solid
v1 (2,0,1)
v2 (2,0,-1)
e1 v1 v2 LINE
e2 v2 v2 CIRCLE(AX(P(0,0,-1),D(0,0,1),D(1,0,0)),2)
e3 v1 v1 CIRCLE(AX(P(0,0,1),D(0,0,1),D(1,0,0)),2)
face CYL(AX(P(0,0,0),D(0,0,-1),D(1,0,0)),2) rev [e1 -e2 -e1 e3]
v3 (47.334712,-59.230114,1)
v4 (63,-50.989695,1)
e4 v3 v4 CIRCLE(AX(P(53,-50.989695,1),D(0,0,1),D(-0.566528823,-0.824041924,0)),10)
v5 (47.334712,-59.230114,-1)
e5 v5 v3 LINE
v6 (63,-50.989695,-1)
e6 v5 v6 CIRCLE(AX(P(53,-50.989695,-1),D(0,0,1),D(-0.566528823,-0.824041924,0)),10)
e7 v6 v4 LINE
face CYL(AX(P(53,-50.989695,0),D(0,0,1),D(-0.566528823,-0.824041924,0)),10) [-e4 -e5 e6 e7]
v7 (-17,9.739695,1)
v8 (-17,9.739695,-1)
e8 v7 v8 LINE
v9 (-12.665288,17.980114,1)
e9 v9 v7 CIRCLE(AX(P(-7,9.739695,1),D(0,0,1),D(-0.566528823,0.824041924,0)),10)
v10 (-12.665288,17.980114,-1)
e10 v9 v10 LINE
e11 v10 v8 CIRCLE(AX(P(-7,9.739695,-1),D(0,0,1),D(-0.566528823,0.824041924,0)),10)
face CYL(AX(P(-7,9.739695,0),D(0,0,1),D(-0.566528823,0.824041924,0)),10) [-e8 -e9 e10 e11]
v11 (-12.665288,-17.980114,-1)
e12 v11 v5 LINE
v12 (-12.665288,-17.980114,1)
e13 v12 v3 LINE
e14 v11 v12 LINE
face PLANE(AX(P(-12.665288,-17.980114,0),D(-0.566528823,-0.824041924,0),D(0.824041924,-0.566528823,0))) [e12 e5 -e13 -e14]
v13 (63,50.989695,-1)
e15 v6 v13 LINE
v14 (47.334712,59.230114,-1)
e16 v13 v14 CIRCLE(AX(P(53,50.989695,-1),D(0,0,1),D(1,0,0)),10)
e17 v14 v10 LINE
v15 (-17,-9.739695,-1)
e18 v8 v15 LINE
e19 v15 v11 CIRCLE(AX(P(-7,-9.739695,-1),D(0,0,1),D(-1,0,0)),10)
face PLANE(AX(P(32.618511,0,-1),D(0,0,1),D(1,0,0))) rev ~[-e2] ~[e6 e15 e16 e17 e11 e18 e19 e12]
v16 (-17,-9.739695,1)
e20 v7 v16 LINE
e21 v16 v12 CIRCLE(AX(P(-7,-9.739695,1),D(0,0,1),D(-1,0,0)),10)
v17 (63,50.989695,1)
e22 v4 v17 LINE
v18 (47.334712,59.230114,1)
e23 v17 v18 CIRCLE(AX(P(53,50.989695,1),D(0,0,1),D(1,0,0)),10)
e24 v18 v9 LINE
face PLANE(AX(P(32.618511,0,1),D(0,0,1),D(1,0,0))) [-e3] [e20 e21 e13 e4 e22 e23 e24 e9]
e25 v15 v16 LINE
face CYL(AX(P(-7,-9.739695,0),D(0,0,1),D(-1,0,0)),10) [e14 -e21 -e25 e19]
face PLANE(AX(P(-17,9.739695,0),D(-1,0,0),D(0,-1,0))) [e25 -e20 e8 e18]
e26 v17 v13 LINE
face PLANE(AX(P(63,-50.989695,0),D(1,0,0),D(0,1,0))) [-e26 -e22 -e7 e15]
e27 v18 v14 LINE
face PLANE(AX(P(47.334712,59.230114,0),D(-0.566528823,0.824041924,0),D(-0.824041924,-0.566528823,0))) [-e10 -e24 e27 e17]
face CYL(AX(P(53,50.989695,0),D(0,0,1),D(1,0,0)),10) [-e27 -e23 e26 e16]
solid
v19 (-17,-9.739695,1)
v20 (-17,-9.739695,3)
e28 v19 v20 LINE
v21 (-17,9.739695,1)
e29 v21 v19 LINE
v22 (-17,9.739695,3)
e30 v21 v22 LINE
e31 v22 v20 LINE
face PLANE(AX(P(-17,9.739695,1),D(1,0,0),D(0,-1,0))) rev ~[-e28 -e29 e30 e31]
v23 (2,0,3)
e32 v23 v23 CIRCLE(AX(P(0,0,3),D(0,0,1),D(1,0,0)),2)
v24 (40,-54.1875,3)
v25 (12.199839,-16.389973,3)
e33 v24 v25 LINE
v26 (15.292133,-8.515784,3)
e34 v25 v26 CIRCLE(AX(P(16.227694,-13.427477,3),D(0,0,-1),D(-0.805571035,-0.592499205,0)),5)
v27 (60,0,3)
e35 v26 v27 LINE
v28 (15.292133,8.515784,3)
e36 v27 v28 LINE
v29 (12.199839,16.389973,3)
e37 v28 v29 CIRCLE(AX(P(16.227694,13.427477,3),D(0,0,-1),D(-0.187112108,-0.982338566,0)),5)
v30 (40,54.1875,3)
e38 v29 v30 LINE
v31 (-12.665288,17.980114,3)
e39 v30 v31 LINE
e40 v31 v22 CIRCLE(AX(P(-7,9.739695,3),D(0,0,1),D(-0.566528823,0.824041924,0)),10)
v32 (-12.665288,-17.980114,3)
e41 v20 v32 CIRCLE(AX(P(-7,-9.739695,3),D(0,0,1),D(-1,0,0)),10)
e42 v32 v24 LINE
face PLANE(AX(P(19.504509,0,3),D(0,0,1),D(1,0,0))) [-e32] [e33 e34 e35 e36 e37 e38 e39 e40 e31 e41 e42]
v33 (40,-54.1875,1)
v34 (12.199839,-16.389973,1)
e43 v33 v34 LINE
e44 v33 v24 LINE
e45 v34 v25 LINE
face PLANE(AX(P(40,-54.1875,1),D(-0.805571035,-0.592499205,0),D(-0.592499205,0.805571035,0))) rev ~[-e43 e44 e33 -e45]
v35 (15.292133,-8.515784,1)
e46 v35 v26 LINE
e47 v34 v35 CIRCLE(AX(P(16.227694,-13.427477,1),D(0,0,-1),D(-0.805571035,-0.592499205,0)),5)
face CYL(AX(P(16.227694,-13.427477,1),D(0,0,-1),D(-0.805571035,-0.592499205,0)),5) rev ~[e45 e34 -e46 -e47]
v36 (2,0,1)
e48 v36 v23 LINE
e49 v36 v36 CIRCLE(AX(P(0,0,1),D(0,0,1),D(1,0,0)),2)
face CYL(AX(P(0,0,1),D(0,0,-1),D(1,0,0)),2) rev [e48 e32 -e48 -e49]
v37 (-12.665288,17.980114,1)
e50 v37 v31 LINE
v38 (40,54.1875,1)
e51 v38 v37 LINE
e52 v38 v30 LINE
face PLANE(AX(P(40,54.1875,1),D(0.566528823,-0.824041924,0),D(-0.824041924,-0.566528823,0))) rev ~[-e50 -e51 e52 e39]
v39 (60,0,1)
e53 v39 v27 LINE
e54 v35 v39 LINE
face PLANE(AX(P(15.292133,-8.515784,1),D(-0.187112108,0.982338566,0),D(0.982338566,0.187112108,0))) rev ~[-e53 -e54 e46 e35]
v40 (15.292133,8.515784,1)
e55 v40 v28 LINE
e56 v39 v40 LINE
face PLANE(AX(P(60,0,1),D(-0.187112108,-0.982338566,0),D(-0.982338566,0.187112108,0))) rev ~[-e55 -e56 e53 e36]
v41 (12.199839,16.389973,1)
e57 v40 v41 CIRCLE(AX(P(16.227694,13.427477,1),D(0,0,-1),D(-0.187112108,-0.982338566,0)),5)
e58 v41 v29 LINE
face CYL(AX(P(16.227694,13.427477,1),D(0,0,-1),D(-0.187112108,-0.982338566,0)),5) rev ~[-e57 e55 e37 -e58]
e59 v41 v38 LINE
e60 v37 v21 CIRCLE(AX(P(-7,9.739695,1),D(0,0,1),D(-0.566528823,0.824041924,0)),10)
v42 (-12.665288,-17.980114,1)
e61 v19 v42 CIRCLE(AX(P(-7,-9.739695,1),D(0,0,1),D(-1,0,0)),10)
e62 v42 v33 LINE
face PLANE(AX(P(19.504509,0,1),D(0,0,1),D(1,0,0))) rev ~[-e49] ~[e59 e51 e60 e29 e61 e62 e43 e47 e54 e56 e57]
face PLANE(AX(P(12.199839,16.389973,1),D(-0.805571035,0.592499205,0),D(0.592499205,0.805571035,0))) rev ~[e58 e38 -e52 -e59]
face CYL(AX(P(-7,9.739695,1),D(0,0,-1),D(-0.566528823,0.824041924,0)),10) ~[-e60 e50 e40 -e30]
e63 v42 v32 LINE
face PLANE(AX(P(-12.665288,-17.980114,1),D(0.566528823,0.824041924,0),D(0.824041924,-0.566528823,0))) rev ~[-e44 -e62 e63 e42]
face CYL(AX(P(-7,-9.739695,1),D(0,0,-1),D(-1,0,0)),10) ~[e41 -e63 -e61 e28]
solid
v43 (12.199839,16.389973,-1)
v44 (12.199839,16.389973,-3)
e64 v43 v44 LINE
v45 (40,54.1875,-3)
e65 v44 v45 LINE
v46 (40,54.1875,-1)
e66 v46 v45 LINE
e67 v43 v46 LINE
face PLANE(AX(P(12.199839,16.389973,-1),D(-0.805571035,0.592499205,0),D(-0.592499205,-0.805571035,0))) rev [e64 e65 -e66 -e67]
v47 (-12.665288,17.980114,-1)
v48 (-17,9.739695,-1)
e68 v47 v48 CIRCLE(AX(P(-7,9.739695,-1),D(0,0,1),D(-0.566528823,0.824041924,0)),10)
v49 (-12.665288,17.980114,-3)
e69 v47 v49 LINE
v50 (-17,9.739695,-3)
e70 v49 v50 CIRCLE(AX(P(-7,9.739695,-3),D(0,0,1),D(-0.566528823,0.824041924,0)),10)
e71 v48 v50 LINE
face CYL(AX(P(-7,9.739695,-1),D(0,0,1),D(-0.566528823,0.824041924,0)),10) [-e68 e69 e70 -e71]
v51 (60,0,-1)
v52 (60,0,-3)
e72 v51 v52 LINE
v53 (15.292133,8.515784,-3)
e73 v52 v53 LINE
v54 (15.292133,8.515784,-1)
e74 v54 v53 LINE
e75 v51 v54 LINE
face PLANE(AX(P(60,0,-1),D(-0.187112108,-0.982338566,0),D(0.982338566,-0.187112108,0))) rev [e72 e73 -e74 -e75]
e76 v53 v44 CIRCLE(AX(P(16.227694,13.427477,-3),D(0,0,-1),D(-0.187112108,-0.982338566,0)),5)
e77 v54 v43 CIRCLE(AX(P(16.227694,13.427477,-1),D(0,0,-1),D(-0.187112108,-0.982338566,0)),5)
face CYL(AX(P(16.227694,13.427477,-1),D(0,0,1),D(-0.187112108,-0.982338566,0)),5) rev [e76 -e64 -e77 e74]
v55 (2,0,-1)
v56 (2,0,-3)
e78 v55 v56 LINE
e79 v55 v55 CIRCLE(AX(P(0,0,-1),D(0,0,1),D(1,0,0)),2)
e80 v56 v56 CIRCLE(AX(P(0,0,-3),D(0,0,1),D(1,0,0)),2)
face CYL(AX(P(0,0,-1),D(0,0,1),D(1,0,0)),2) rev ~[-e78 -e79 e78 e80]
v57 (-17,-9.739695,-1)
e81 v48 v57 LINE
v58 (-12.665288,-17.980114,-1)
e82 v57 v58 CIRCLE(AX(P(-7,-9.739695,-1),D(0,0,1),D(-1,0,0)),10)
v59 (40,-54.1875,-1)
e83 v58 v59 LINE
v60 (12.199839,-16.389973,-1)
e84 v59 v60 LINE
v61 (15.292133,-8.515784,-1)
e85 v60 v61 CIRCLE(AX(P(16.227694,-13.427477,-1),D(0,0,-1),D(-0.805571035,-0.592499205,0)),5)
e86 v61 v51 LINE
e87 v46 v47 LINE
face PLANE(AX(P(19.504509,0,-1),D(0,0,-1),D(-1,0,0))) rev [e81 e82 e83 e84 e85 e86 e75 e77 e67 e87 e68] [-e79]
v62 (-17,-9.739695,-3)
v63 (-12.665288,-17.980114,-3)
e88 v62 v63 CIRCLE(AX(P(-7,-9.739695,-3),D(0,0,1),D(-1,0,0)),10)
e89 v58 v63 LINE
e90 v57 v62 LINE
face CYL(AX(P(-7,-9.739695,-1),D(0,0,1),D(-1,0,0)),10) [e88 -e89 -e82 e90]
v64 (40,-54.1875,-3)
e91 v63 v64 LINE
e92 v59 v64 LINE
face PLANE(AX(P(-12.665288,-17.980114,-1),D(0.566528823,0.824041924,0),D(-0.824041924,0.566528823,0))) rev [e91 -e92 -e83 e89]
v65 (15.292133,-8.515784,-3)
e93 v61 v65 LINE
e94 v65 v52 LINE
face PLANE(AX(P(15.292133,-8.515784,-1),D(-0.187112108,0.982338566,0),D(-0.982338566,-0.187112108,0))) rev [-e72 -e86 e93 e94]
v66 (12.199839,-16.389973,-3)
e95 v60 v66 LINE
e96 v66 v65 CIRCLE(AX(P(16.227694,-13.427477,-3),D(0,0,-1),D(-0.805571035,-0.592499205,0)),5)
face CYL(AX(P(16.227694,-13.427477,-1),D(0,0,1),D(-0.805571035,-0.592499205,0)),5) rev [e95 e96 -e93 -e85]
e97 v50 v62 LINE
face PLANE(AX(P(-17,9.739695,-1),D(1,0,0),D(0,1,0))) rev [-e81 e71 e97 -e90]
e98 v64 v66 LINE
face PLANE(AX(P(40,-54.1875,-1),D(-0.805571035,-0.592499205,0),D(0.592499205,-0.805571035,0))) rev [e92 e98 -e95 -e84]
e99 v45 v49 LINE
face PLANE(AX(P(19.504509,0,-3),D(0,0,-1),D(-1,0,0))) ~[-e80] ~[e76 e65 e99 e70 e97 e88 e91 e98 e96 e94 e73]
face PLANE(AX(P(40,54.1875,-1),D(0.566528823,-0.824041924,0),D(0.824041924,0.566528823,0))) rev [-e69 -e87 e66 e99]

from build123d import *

# Parameters (mm, degrees)
SKETCH1_R           = 2
BOSS_EXTRUDE1_DEPTH = 1
SKETCH2_R           = 2
BOSS_EXTRUDE2_DEPTH = 2


with BuildPart() as part:
    # Sketch1 → Boss-Extrude1 (new body, symmetric)
    with BuildSketch(Plane.XY):
        with BuildLine():
            Line((-17, 9.739695101), (-17, -9.739695101))
            ThreePointArc((-17, -9.739695101), (-15.850222661, -14.395182063), (-12.665288229, -17.980114343))
            Line((-12.665288229, -17.980114343), (47.334711771, -59.230114343))
            ThreePointArc((47.334711771, -59.230114343), (57.655486962, -59.839917761), (63, -50.989695101))
            Line((63, -50.989695101), (63, 50.989695101))
            ThreePointArc((63, 50.989695101), (57.655486962, 59.839917761), (47.334711771, 59.230114343))
            Line((47.334711771, 59.230114343), (-12.665288229, 17.980114343))
            ThreePointArc((-12.665288229, 17.980114343), (-15.850222661, 14.395182063), (-17, 9.739695101))
        make_face()
        Circle(SKETCH1_R, mode=Mode.SUBTRACT)
    extrude(amount=BOSS_EXTRUDE1_DEPTH, both=True)


with BuildPart() as body_2:
    # Sketch2 → Boss-Extrude2 (new body)
    with BuildSketch(Plane.XY.offset(1)):
        with BuildLine():
            Line((-17, 9.739695101), (-17, -9.739695101))
            ThreePointArc((-17, -9.739695101), (-15.850222661, -14.395182063), (-12.665288229, -17.980114343))
            Line((-12.665288229, -17.980114343), (40, -54.1875))
            Line((40, -54.1875), (12.199838689, -16.389972987))
            ThreePointArc((12.199838689, -16.389972987), (11.573707783, -11.599797128), (15.292133323, -8.515784129))
            Line((15.292133323, -8.515784129), (60, 0))
            Line((60, 0), (15.292133323, 8.515784129))
            ThreePointArc((15.292133323, 8.515784129), (11.573707783, 11.599797128), (12.199838689, 16.389972987))
            Line((12.199838689, 16.389972987), (40, 54.1875))
            Line((40, 54.1875), (-12.665288229, 17.980114343))
            ThreePointArc((-12.665288229, 17.980114343), (-15.850222661, 14.395182063), (-17, 9.739695101))
        make_face()
        Circle(SKETCH2_R, mode=Mode.SUBTRACT)
    extrude(amount=BOSS_EXTRUDE2_DEPTH)


with BuildPart() as body_3:
    # Mirror1: mirrored copy
    add(body_2.part.mirror(Plane.XY))


solid = Compound([part.part, body_2.part, body_3.part])
